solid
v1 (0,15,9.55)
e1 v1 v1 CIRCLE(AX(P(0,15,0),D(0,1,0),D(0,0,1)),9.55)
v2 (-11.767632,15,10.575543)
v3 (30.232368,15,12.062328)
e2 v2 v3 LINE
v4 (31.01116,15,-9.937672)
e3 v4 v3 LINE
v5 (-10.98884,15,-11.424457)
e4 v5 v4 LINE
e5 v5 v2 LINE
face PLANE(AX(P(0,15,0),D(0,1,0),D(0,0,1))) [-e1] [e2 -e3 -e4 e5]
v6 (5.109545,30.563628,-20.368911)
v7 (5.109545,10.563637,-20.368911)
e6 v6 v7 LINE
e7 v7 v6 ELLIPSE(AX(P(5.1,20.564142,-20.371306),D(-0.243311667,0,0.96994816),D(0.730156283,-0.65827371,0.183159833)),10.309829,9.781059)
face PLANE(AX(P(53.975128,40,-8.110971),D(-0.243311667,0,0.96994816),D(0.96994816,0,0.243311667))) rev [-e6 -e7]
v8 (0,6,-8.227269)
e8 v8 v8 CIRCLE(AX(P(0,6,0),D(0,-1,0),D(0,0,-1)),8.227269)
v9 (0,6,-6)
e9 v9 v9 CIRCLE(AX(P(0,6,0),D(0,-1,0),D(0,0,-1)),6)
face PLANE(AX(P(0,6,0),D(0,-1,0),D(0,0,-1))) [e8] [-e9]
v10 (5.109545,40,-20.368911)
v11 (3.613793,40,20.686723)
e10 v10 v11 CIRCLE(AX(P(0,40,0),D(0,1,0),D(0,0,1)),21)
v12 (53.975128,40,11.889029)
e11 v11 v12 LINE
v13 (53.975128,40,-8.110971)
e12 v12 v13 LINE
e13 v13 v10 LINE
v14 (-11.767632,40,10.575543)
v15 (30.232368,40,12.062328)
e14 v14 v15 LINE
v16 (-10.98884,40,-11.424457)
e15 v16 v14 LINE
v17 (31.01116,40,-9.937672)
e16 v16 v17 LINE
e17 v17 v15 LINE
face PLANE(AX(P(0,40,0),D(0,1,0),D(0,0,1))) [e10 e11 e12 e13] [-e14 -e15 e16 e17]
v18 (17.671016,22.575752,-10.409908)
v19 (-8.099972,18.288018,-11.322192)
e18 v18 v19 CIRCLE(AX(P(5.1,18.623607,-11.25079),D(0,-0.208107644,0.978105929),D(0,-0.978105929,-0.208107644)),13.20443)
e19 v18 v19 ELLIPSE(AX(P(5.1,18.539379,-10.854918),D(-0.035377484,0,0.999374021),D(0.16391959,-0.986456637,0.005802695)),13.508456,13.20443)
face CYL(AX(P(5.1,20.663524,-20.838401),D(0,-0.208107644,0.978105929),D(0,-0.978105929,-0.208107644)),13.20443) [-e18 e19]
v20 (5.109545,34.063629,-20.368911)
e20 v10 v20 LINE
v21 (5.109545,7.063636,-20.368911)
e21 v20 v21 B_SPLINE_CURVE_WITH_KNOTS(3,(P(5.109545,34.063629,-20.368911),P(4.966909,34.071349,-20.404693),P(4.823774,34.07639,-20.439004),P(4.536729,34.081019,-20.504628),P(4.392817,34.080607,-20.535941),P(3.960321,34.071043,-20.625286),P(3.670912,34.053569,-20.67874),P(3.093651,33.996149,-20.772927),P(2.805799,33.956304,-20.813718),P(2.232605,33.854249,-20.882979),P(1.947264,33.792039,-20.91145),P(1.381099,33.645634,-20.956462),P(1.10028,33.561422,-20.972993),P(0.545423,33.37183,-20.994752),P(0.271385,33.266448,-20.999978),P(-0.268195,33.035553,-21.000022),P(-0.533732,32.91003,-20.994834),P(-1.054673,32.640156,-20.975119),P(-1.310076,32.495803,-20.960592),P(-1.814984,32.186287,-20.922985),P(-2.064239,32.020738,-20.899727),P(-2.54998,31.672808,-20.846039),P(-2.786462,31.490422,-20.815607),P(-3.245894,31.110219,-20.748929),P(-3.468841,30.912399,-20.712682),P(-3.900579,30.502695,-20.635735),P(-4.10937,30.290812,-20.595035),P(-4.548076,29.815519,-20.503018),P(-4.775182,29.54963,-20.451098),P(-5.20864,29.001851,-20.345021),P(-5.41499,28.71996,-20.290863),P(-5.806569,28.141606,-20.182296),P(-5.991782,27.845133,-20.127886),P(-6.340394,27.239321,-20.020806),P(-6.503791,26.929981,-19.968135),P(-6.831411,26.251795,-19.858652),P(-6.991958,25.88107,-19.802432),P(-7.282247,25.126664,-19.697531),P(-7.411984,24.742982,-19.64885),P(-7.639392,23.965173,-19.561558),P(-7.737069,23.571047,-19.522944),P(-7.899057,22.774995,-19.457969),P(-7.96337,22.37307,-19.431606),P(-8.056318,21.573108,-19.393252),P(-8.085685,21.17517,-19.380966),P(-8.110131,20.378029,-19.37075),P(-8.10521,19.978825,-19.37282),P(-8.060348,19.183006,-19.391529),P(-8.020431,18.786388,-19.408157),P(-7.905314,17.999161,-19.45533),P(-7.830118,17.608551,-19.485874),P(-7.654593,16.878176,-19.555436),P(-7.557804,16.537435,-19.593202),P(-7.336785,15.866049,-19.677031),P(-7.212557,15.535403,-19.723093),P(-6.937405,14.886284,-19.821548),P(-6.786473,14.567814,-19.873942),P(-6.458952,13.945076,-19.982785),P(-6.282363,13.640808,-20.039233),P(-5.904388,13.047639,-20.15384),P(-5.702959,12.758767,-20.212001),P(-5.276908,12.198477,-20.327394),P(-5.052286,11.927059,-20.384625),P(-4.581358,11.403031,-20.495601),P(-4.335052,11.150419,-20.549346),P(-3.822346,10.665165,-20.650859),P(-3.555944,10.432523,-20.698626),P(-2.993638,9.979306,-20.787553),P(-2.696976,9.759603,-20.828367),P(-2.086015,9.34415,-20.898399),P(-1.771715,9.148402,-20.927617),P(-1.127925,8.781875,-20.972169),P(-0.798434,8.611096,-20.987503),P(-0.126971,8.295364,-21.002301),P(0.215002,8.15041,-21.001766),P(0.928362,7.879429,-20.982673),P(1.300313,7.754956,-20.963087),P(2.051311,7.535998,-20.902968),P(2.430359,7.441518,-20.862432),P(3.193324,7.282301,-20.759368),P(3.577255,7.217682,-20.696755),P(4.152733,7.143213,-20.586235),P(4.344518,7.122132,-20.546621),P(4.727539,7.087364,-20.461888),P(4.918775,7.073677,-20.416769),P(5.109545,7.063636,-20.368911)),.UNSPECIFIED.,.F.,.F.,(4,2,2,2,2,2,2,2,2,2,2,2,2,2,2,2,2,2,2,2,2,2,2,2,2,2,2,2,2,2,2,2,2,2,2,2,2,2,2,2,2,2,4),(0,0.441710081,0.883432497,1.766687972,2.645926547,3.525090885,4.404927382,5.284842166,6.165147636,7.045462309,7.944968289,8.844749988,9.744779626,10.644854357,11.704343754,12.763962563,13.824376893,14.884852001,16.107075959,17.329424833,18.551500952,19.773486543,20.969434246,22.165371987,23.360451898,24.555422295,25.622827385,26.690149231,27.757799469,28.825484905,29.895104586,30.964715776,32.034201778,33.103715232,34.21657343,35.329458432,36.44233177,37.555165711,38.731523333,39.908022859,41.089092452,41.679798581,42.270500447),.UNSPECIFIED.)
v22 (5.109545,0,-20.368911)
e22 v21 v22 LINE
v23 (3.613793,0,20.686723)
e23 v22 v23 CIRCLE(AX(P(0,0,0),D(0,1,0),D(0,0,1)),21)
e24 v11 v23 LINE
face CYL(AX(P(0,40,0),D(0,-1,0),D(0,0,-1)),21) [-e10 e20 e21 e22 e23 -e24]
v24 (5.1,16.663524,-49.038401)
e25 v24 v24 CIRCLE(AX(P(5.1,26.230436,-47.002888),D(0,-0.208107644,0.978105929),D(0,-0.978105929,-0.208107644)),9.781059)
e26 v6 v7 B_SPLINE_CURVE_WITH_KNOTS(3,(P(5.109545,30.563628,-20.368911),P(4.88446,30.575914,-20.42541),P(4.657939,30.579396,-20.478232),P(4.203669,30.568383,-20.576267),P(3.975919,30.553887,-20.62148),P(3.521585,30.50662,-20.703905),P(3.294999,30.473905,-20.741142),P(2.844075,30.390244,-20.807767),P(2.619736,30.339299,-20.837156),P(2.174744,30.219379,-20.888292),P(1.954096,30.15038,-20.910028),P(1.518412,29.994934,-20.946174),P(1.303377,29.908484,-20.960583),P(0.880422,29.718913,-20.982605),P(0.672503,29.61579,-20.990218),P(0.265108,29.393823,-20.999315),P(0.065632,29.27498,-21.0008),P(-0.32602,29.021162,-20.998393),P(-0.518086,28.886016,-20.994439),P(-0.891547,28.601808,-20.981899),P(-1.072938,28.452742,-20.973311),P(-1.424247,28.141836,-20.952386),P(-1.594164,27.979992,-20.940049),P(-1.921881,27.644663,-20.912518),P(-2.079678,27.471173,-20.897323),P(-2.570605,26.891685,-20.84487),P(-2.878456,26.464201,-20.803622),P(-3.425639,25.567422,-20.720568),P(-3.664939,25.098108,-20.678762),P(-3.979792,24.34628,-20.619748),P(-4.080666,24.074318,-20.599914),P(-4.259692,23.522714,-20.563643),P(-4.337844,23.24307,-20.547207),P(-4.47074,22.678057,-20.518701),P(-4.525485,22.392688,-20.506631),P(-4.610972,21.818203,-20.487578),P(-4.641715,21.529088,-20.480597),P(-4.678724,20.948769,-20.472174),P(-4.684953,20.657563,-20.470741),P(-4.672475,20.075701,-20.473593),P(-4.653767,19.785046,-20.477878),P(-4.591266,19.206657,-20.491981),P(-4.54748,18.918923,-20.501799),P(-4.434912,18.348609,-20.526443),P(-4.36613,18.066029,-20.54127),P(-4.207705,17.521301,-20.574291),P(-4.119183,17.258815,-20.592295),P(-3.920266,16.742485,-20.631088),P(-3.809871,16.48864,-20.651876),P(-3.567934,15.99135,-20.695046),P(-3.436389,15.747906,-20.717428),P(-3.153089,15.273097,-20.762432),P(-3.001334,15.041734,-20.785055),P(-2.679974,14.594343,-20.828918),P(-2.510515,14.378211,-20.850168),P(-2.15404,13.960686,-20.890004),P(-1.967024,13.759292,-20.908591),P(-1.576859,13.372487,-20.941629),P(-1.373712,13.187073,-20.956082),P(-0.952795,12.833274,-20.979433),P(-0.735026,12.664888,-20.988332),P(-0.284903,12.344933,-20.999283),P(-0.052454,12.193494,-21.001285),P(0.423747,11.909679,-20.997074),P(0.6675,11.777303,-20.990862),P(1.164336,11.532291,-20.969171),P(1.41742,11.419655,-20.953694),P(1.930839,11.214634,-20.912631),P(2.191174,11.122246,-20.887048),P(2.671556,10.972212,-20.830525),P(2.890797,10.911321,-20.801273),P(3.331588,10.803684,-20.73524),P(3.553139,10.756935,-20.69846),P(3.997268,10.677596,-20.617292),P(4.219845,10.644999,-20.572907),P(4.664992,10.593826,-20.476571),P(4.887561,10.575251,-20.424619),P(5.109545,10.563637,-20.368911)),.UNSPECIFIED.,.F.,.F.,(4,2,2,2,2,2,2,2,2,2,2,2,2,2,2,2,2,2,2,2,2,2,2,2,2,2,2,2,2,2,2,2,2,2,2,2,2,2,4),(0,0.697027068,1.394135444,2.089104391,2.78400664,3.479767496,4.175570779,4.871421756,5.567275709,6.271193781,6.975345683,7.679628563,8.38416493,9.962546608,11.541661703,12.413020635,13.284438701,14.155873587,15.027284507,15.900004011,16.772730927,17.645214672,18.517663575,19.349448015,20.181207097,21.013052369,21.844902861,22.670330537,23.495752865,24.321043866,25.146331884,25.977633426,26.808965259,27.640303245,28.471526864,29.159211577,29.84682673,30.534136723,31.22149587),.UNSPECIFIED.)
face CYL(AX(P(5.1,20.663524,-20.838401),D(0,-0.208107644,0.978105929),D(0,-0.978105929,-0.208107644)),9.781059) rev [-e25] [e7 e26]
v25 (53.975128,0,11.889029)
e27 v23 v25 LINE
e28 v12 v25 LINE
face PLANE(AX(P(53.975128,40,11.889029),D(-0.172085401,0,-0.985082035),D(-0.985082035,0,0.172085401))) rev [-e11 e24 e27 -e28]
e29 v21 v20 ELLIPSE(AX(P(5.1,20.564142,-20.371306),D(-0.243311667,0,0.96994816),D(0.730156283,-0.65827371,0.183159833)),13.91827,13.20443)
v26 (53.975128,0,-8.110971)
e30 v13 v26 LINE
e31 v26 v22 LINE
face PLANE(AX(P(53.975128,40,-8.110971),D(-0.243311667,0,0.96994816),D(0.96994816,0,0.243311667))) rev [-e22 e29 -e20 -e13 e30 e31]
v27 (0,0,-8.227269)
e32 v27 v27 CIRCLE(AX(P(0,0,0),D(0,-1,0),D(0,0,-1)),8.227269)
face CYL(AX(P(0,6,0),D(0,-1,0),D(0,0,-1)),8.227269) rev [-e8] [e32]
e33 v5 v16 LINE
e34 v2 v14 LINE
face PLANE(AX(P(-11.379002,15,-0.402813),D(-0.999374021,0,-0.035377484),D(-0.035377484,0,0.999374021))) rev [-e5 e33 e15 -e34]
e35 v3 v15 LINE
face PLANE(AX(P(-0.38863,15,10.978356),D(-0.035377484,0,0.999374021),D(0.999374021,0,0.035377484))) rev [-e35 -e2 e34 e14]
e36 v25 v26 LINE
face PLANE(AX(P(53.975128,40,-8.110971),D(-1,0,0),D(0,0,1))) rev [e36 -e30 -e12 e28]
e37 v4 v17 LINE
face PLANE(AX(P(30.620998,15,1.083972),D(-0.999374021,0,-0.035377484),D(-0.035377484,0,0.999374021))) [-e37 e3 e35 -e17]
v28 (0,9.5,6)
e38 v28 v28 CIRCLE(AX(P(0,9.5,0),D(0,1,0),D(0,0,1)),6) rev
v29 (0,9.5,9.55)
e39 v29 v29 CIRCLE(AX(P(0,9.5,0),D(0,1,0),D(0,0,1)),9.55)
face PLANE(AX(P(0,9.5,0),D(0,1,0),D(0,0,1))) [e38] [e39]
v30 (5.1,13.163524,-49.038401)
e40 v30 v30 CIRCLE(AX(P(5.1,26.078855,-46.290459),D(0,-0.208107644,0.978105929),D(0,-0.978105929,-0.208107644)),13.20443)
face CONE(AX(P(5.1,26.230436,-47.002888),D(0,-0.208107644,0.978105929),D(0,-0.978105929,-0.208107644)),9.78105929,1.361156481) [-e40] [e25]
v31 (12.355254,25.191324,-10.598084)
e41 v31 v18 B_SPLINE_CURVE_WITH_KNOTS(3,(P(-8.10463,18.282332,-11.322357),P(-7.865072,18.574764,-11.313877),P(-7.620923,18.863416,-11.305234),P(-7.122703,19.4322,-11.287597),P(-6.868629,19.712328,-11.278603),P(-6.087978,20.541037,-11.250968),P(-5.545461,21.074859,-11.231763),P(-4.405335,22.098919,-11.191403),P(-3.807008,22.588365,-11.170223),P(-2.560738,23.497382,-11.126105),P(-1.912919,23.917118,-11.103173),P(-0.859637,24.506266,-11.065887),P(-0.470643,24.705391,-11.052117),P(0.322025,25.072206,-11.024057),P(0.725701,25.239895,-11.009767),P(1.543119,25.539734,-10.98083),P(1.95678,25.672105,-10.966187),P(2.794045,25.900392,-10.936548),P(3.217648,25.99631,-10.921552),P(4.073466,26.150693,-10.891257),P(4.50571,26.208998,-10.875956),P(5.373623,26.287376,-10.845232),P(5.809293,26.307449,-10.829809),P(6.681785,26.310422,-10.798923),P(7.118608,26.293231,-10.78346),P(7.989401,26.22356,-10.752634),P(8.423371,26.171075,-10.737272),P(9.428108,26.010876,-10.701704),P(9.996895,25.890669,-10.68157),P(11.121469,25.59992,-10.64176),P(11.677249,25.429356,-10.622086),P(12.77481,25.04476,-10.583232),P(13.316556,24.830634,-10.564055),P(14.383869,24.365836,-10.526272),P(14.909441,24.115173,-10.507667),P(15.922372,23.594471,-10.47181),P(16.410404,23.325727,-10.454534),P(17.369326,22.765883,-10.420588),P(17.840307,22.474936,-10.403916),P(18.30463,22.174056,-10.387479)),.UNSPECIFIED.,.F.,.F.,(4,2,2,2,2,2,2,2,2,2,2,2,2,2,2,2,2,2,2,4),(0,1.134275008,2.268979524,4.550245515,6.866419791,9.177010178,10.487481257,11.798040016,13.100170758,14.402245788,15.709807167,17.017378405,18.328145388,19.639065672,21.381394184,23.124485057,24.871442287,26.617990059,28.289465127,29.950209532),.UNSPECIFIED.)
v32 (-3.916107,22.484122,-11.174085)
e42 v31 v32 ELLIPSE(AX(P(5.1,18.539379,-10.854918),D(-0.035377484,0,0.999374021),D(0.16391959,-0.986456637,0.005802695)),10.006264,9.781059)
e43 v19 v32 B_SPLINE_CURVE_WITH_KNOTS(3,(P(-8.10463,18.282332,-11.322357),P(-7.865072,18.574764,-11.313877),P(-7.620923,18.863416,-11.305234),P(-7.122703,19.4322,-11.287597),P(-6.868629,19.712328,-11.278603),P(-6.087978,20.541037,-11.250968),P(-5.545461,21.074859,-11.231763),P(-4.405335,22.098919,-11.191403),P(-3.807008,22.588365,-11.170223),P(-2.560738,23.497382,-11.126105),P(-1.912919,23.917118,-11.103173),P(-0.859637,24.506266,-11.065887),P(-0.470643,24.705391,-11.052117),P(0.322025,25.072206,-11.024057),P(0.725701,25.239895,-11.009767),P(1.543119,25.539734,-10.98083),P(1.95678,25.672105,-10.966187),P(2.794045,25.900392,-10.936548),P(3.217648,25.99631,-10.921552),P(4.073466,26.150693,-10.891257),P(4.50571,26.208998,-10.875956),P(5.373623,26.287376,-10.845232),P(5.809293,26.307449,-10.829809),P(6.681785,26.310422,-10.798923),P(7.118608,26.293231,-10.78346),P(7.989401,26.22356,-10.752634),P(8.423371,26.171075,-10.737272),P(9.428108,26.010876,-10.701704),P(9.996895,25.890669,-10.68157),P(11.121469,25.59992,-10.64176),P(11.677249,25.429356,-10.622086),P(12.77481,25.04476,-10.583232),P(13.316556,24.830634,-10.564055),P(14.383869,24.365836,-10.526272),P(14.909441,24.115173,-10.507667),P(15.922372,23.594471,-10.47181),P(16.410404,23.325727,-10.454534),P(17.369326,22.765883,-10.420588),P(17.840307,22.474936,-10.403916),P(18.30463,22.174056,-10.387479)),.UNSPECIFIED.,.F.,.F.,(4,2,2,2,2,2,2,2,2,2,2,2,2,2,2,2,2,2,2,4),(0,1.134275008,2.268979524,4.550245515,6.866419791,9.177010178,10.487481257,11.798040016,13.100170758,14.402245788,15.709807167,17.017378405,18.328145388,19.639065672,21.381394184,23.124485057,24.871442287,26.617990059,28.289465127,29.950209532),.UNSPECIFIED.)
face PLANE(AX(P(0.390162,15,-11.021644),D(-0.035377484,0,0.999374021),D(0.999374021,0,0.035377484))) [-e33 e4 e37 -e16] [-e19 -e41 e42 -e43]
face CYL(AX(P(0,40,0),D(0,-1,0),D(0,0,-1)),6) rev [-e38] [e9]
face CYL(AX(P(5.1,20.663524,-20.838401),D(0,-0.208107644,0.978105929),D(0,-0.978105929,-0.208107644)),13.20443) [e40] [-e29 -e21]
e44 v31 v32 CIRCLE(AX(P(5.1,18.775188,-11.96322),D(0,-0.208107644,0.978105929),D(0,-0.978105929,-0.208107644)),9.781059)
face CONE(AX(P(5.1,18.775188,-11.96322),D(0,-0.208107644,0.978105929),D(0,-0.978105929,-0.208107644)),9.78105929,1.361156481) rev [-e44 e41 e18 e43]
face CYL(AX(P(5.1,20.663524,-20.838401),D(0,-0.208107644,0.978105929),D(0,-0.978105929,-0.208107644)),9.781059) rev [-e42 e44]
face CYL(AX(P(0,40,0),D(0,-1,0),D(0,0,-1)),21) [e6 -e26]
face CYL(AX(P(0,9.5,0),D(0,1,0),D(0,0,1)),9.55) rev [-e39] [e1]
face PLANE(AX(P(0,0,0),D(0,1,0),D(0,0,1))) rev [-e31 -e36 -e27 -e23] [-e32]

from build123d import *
from build123d.topology import SkipClean

# Parameters (mm, degrees)
CROQUIS1_R              = 21
SALIENTE_EXTRUIR1_DEPTH = 40
SALIENTE_EXTRUIR2_DEPTH = 40
SALIENTE_EXTRUIR3_REACH = 77.493
CROQUIS3_R              = 13.5
CROQUIS3_R_2            = 10
CROQUIS7_R              = 8.227269221
CROQUIS7_R_2            = 6
CORTAR_EXTRUIR6_DEPTH   = 6
CROQUIS8_R              = 6
CORTAR_EXTRUIR7_DEPTH   = 72.223648425
CORTAR_EXTRUIR8_START   = -25
CORTAR_EXTRUIR8_DEPTH   = 25
CROQUIS12_R             = 9.55
CORTAR_EXTRUIR9_DEPTH   = 5.5
CORTAR_EXTRUIR10_DEPTH  = 72.223648425


with BuildPart() as part:
    # Croquis1 → Saliente-Extruir1 (new body)
    with BuildSketch(Plane(origin=(0, 0, 0), x_dir=(1, 0, 0), z_dir=(0, 1, 0))):
        with Locations(Location((0, 0, 0), (0, 0, 270))):
            Circle(CROQUIS1_R)
    extrude(amount=SALIENTE_EXTRUIR1_DEPTH)

    # Croquis2 → Saliente-Extruir2 (add)
    with BuildSketch(Plane(origin=(0, 0, 0), x_dir=(1, 0, 0), z_dir=(0, 1, 0))):
        with BuildLine():
            Line((53.975127576, 8.110971331), (53.975127576, -11.889028669))
            Line((53.975127576, -11.889028669), (3.613793412, -20.686722727))
            ThreePointArc((3.613793412, -20.686722727), (20.98607707, -0.764571273), (5.109545014, 20.368911354))
            Line((5.109545014, 20.368911354), (53.975127576, 8.110971331))
        make_face()
    extrude(amount=SALIENTE_EXTRUIR2_DEPTH)

    # Croquis3 → Saliente-Extruir3 (add, up to next)
    with BuildSketch(Plane(origin=(5.109545014, 0, -20.368911354), x_dir=(-0.9699481597219111, 0, -0.24331166731597212), z_dir=(0.2433116673159721, 0, -0.969948159721911)), mode=Mode.PRIVATE) as saliente_extruir3_sk1:
        with Locations((0, 20)):
            Circle(CROQUIS3_R)
        with Locations((0, 20)):
            Circle(CROQUIS3_R_2, mode=Mode.SUBTRACT)
    saliente_extruir3_tool1 = extrude(saliente_extruir3_sk1.sketch, amount=-SALIENTE_EXTRUIR3_REACH, mode=Mode.PRIVATE) - part.part
    add(saliente_extruir3_tool1.solids().sort_by_distance((17.833482, 20, -17.177109))[0])

    # Croquis7 → Cortar-Extruir6 (cut)
    with BuildSketch(Plane.XZ):
        with Locations(Location((0, 0, 0), (0, 0, 270))):
            Circle(CROQUIS7_R)
        with Locations(Location((0, 0, 0), (0, 0, 270))):
            Circle(CROQUIS7_R_2, mode=Mode.SUBTRACT)
    extrude(amount=-CORTAR_EXTRUIR6_DEPTH, mode=Mode.SUBTRACT)

    # Croquis8 → Cortar-Extruir7 (cut, through all)
    with BuildSketch(Plane.XZ):
        with Locations(Location((0, 0, 0), (0, 0, 270))):
            Circle(CROQUIS8_R)
    extrude(amount=-CORTAR_EXTRUIR7_DEPTH, mode=Mode.SUBTRACT)

    # Croquis10 → Cortar-Extruir8 (cut)
    with BuildSketch(Plane(origin=(0, 40, 0), x_dir=(1, 0, 0), z_dir=(0, 1, 0)).offset(CORTAR_EXTRUIR8_START)):
        with BuildLine():
            Line((-5.995438853, 0.23390802), (-11.37823559, 0.424457107))
            Line((-11.37823559, 0.424457107), (-11.767631672, -10.575542893))
            Line((-11.767631672, -10.575542893), (30.232368328, -12.062327932))
            Line((30.232368328, -12.062327932), (30.62176441, -1.062327932))
            Line((30.62176441, -1.062327932), (5.996971268, -0.190619027))
            ThreePointArc((5.996971268, -0.190619027), (-0.212264906, -5.996244125), (-5.995438853, 0.23390802))
        make_face()
        with BuildLine():
            Line((-10.988839509, 11.424457107), (-11.37823559, 0.424457107))
            Line((-11.37823559, 0.424457107), (-5.995438853, 0.23390802))
            ThreePointArc((-5.995438853, 0.23390802), (0.116976243, 5.998859605), (6, 0))
            ThreePointArc((6, 0), (5.999242769, -0.095321543), (5.996971268, -0.190619027))
            Line((5.996971268, -0.190619027), (30.62176441, -1.062327932))
            Line((30.62176441, -1.062327932), (31.011160491, 9.937672068))
            Line((31.011160491, 9.937672068), (-10.988839509, 11.424457107))
        make_face()
    extrude(amount=CORTAR_EXTRUIR8_DEPTH, mode=Mode.SUBTRACT)

    # Croquis12 → Cortar-Extruir9 (cut)
    with BuildSketch(Plane(origin=(0, 15, 0), x_dir=(1, 0, 0), z_dir=(0, 1, 0))):
        with Locations(Location((0, 0, 0), (0, 0, 270))):
            Circle(CROQUIS12_R)
    extrude(amount=-CORTAR_EXTRUIR9_DEPTH, mode=Mode.SUBTRACT)

    # Croquis17 → Cortar-Extruir10 (cut, through all)
    with BuildSketch(Plane(origin=(0, 40, 0), x_dir=(1, 0, 0), z_dir=(0, 1, 0))):
        with BuildLine():
            Line((5.109545014, 20.368911354), (5.109545014, 31.680559043))
            Line((5.109545014, 31.680559043), (-13.688349404, 31.680559043))
            Line((-13.688349404, 31.680559043), (-13.688349404, 15.925736736))
            ThreePointArc((-13.688349404, 15.925736736), (-4.830571536, 20.436868122), (5.109545014, 20.368911354))
        make_face()
    extrude(amount=-CORTAR_EXTRUIR10_DEPTH, mode=Mode.SUBTRACT)

    # Croquis4 → Revolución1 (revolve)
    with SkipClean():  # the faces are left unmerged after this step: merging them gives an invalid solid
        with BuildSketch(Plane(origin=(5.1, 0, 0), x_dir=(0, 0, -1), z_dir=(1, 0, 0))):
            Polygon((13.998733147, 5.708275528), (49.038401492, 13.163524112), (49.038401492, 16.663524112), (20.838401492, 10.663524112), (13.998733147, 9.208275528), align=None)
        revolve(axis=Axis((5.1, 20.663524112, -20.838401492), (0, 0.20810764446485977, -0.9781059289848353)))


solid = part.part
